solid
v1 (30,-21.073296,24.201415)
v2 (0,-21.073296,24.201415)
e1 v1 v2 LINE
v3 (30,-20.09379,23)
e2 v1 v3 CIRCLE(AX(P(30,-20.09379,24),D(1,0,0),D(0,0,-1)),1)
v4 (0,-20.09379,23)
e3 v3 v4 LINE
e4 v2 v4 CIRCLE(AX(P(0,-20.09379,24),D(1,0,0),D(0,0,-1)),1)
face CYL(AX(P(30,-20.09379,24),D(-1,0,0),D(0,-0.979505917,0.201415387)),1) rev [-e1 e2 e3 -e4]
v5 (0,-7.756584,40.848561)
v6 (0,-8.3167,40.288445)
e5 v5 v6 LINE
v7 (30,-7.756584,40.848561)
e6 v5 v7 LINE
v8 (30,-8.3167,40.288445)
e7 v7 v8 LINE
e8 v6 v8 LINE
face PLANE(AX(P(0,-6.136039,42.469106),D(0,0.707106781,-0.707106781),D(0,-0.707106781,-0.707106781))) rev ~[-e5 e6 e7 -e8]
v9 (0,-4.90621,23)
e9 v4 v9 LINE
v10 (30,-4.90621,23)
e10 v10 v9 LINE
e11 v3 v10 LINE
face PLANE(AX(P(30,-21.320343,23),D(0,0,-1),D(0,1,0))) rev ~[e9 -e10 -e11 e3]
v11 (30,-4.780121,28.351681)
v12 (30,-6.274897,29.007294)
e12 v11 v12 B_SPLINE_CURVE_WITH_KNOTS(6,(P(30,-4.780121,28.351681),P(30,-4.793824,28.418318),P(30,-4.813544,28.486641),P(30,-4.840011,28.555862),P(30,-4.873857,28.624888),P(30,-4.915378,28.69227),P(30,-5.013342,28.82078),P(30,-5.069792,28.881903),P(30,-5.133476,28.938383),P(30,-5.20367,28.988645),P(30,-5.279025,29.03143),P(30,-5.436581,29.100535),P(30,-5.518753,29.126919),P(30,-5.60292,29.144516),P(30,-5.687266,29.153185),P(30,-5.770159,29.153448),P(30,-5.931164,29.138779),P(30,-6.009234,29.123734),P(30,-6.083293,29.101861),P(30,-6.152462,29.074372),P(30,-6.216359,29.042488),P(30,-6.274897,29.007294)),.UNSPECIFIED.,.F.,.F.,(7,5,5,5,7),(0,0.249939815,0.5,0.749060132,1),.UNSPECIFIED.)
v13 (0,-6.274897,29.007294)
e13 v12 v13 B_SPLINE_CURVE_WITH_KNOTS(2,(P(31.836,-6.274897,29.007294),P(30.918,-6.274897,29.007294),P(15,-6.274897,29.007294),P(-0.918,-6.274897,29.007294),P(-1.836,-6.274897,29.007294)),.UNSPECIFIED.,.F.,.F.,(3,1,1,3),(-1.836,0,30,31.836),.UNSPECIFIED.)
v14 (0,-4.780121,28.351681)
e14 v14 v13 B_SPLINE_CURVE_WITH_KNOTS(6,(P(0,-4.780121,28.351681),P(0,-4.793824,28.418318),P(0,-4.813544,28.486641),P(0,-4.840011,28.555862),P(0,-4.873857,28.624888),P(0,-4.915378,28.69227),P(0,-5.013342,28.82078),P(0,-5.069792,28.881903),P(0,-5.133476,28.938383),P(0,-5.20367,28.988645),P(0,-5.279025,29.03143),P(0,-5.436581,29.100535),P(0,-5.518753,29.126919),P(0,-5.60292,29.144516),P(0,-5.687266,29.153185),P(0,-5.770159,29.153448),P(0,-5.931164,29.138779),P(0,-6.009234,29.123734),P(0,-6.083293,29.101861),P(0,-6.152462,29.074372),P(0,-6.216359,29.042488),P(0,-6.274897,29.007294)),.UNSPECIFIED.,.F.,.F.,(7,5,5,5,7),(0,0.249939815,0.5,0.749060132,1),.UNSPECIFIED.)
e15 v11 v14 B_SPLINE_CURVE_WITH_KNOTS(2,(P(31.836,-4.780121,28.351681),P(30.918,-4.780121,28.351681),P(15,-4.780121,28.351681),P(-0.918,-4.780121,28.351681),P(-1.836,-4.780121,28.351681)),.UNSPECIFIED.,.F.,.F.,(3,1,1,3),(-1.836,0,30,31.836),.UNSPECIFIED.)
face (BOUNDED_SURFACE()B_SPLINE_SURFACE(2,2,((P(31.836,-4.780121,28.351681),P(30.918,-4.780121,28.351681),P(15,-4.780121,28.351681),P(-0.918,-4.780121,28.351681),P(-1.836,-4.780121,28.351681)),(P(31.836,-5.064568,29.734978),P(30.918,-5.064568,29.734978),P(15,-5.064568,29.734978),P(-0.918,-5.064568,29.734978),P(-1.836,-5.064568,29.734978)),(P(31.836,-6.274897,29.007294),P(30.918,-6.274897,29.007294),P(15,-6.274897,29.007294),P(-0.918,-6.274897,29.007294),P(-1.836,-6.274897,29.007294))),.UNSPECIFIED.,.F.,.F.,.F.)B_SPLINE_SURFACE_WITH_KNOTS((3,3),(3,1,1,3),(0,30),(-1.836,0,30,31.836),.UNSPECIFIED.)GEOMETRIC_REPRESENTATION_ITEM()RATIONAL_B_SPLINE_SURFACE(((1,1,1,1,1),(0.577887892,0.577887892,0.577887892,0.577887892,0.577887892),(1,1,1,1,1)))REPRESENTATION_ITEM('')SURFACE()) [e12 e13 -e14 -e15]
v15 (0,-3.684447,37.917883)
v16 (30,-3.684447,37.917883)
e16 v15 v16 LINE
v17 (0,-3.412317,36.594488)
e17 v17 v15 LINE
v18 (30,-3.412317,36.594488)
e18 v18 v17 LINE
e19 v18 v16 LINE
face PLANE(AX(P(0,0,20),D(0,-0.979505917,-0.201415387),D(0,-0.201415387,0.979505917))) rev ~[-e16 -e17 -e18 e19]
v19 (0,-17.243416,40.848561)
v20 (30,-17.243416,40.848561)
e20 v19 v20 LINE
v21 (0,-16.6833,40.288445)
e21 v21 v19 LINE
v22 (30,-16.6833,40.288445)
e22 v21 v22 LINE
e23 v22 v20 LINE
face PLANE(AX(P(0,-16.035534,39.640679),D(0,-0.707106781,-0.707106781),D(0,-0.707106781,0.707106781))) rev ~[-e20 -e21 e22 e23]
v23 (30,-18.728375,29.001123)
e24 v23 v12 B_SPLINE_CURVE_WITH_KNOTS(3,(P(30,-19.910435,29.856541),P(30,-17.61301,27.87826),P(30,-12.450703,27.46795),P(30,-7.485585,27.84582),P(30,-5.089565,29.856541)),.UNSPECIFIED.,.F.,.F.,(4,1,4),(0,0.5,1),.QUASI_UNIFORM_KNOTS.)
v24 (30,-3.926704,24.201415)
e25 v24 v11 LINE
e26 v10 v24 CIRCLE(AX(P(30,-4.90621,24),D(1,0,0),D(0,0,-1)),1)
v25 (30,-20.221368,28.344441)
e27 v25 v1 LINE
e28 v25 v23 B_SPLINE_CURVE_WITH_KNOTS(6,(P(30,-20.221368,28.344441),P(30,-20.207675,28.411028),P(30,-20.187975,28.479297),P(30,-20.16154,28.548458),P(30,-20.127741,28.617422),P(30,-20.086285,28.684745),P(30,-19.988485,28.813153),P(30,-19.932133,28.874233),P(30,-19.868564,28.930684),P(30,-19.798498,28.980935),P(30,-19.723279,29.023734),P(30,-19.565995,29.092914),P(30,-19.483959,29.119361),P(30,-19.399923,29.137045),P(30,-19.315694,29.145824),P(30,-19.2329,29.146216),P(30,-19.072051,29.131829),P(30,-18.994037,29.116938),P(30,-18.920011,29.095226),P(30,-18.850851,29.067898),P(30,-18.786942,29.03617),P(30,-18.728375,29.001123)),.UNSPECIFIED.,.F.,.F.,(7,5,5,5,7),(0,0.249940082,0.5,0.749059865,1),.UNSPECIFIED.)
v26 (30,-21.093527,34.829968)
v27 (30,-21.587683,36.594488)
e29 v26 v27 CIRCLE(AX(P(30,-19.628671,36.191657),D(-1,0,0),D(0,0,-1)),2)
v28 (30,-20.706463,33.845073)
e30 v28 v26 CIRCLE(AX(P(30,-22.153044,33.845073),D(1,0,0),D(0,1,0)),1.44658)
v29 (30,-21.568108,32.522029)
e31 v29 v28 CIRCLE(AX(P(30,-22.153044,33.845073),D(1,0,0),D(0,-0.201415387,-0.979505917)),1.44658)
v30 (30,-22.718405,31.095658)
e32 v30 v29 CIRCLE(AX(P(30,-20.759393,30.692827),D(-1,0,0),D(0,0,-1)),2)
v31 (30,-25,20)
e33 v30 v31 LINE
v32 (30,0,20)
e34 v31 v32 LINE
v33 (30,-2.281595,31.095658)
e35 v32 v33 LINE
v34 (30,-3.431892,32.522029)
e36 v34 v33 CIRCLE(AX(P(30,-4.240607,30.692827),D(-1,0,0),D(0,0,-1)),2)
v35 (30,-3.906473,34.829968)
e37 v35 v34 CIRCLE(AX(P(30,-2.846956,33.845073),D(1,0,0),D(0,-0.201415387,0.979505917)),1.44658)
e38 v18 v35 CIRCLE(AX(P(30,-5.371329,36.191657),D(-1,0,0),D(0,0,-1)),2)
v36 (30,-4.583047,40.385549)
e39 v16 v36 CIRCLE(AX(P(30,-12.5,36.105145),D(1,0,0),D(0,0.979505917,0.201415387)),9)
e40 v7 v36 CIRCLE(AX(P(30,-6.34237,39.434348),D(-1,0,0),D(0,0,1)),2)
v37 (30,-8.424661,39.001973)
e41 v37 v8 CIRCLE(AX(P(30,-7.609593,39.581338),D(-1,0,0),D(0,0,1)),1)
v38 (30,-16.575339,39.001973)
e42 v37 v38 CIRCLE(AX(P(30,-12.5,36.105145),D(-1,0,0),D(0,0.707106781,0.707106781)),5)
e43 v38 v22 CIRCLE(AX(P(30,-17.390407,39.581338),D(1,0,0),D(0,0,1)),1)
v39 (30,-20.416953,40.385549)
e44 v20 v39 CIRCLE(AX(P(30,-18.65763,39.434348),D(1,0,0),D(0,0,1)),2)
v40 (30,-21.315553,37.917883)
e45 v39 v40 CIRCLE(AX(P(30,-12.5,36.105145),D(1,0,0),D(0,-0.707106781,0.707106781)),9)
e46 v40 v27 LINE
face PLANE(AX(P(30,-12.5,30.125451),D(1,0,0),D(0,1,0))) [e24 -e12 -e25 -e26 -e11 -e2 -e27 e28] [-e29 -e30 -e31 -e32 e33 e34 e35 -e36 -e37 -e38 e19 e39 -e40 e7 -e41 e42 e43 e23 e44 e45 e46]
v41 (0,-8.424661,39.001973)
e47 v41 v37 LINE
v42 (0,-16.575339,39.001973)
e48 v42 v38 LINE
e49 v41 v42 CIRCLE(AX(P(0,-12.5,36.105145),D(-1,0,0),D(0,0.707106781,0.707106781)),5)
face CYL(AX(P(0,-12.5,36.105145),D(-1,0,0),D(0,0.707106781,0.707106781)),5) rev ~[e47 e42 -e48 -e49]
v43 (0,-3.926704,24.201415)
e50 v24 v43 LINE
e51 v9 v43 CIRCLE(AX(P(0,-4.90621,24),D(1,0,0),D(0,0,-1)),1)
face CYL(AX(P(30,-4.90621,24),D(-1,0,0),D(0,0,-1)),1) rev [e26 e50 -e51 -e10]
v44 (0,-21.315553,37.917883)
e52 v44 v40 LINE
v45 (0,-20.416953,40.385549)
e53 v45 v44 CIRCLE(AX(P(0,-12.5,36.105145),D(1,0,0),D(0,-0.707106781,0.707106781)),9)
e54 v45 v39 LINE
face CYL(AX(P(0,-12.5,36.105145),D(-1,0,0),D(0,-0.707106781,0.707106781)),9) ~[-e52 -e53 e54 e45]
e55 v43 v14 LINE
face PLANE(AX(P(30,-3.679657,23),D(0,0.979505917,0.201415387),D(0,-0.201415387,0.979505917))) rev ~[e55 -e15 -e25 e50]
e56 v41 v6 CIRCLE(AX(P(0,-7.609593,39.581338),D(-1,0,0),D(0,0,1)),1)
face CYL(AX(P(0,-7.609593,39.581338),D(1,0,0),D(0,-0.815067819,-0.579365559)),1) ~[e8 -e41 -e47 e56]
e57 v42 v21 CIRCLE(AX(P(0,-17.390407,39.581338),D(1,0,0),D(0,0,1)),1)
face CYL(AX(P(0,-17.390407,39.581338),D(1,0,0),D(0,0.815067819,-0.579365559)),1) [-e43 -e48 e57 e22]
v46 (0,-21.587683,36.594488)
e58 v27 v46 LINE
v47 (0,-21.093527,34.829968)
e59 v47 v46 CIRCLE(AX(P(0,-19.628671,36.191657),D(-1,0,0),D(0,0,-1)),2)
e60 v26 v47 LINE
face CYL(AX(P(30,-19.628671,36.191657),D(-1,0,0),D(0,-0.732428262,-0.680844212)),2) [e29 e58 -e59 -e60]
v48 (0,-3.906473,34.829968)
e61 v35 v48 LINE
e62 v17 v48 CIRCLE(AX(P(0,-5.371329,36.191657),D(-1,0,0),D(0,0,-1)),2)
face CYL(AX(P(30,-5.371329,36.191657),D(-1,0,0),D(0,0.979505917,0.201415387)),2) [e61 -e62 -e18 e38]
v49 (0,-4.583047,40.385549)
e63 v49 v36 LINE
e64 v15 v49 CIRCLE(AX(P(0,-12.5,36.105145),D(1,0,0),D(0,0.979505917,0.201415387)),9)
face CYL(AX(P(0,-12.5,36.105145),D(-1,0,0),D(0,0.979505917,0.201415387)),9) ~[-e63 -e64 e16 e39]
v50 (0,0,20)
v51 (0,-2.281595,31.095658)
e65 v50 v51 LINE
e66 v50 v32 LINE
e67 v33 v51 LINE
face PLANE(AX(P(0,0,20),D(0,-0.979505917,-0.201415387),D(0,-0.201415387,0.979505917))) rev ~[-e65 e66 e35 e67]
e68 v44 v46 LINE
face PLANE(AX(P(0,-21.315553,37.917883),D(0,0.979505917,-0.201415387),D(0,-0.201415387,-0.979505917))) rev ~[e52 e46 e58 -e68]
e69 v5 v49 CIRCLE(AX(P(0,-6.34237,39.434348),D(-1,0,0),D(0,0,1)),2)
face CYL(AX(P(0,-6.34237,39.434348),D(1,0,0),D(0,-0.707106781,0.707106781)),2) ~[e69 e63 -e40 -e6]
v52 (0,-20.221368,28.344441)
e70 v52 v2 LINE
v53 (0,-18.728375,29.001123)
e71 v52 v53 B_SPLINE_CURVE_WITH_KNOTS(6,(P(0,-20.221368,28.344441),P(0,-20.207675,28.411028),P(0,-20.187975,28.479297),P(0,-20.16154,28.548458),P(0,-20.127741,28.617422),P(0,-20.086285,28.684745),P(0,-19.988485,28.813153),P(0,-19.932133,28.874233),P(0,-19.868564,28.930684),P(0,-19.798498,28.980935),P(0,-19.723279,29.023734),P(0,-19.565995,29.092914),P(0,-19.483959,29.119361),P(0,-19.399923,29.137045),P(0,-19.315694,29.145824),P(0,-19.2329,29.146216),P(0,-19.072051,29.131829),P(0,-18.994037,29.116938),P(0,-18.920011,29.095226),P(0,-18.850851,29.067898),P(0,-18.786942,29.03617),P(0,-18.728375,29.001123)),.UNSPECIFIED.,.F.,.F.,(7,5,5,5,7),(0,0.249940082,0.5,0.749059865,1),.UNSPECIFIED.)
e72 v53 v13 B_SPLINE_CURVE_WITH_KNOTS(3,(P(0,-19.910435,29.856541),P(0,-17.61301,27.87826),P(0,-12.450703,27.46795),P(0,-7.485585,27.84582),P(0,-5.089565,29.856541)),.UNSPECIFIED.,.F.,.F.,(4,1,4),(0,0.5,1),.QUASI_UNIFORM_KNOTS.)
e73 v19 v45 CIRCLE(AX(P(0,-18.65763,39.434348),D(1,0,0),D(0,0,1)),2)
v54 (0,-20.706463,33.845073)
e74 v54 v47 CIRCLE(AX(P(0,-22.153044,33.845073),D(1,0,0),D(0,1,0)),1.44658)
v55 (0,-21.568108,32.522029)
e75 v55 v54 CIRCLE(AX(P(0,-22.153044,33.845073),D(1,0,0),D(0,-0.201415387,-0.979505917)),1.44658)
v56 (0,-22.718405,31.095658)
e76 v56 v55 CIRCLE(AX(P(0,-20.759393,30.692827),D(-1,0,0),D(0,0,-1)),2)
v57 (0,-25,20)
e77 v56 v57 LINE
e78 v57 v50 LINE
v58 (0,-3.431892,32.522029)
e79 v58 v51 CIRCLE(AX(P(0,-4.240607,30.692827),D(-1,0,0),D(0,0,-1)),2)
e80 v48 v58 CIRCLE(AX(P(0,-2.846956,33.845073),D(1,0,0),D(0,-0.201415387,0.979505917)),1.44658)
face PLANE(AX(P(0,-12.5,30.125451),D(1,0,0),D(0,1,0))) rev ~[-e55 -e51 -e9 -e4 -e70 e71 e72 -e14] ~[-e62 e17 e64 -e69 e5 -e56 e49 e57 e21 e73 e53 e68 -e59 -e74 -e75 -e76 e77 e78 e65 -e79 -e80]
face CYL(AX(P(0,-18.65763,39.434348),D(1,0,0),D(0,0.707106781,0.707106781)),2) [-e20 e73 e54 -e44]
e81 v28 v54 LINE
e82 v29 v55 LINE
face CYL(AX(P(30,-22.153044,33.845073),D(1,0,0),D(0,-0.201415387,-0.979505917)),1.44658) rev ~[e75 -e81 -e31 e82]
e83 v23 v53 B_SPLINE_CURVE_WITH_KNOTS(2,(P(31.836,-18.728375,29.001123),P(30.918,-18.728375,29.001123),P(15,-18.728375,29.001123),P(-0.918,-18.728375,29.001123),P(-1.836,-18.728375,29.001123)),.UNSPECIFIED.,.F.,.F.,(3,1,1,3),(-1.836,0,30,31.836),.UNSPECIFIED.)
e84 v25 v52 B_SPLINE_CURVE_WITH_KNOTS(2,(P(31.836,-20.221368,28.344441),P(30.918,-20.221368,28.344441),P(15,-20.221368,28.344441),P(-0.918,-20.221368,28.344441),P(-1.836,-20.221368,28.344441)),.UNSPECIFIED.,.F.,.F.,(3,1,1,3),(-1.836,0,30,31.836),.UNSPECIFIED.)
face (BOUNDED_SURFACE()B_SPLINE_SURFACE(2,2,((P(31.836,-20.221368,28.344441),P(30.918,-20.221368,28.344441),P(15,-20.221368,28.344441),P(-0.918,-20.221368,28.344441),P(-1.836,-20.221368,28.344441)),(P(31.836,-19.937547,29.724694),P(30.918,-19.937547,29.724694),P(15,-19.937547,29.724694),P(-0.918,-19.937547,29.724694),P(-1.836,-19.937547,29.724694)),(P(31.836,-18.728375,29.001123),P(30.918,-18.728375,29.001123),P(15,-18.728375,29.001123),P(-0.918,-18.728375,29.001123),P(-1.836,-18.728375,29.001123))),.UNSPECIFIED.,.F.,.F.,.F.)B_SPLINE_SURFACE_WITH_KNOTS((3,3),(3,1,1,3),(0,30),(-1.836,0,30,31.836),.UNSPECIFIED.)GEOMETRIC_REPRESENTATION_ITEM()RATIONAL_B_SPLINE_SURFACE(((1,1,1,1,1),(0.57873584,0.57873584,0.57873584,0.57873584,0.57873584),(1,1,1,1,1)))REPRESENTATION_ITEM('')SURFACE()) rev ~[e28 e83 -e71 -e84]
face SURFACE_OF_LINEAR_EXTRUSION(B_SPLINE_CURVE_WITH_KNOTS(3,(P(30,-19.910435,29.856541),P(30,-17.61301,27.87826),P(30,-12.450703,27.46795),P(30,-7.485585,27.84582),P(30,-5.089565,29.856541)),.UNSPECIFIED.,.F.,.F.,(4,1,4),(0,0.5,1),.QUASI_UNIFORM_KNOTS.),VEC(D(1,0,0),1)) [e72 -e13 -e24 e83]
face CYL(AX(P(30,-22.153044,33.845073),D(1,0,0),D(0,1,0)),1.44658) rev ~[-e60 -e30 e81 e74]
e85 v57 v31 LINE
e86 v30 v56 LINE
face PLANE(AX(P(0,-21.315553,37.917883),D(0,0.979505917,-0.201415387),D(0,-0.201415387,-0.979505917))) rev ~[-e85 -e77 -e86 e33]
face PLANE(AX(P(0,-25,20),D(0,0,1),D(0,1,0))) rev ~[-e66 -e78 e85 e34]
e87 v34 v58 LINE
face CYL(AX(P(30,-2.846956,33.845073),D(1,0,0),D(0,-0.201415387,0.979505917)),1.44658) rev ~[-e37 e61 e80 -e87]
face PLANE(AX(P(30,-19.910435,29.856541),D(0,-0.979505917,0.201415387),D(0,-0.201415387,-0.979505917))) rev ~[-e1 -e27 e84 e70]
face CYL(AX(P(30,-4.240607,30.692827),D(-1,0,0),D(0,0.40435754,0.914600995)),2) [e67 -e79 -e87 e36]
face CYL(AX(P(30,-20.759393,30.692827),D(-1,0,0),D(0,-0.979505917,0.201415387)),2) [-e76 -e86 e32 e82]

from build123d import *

# Parameters (mm, degrees)
F1_DEPTH = 30
F2_R     = 1
F3_R     = 2
F5_DEPTH = 30
F6_R     = 1
F8_DEPTH = 30
F9_R     = 2


with BuildPart() as f1:
    # F0 (on Right) → F1 (new body)
    with BuildSketch(Plane.YZ):
        with BuildLine():
            ThreePointArc((-8.9644660941, 39.6406786749), (-12.5, 31.105144769), (-16.0355339059, 39.6406786749))
            Line((-16.0355339059, 39.6406786749), (-18.8639610307, 42.4691057996))
            ThreePointArc((-18.8639610307, 42.4691057996), (-20.4235610781, 40.373303604), (-21.3155532551, 37.9178832515))
            Line((-21.3155532551, 37.9178832515), (-25, 20))
            Line((-25, 20), (0, 20))
            Line((0, 20), (-3.6844467449, 37.9178832515))
            ThreePointArc((-3.6844467449, 37.9178832515), (-4.5764389219, 40.373303604), (-6.1360389693, 42.4691057996))
            Line((-6.1360389693, 42.4691057996), (-8.9644660941, 39.6406786749))
        make_face()
    extrude(amount=F1_DEPTH)

    # F2
    f2_edges = [f1.edges().sort_by_distance(p)[0] for p in [
        (15, -8.964466, 39.640679),
        (15, -16.035534, 39.640679),
    ]]
    fillet(f2_edges, radius=F2_R)

    # F3
    f3_edges = [f1.edges().sort_by_distance(p)[0] for p in [
        (15, -6.136039, 42.469106),
        (15, -18.863961, 42.469106),
    ]]
    fillet(f3_edges, radius=F3_R)

    # F4 (on face) → F5 (cut, through all)
    with BuildSketch(Plane.YZ.offset(30)):
        with BuildLine():
            Line((-19.910434928, 29.8565414207), (-21.3203426366, 23))
            Line((-21.3203426366, 23), (-3.6796573634, 23))
            Line((-3.6796573634, 23), (-5.089565072, 29.8565414207))
            add(Edge.make_bspline(
                [(-19.910434928, 29.8565414207), (-17.6130099069, 27.8782596362), (-12.4507025539, 27.4679496916), (-7.4855849853, 27.8458202643), (-5.089565072, 29.8565414207)],
                knots=[0, 0, 0, 0, 0.5, 1, 1, 1, 1], degree=3))
        make_face()
    extrude(amount=-F5_DEPTH, mode=Mode.SUBTRACT)

    # F6
    f6_edges = [f1.edges().sort_by_distance(p)[0] for p in [
        (15, -21.320343, 23),
        (15, -19.910435, 29.856541),
        (15, -3.679657, 23),
        (15, -5.089565, 29.856541),
    ]]
    fillet(f6_edges, radius=F6_R)

    # F7 (on face) → F8 (cut, through all)
    with BuildSketch(Plane.YZ.offset(30)):
        with BuildLine():
            ThreePointArc((-3.1383199654, 35.2620066566), (-4.2638904774, 33.5537090418), (-2.5555928626, 32.4281385298))
            Line((-2.5555928626, 32.4281385298), (-3.1383199654, 35.2620066566))
        make_face()
        with BuildLine():
            ThreePointArc((-22.4444071374, 32.4281385298), (-21.2389555005, 32.7238956084), (-20.7064631841, 33.8450725932))
            ThreePointArc((-20.7064631841, 33.8450725932), (-21.0318666012, 34.7591606787), (-21.8616800346, 35.2620066566))
            Line((-21.8616800346, 35.2620066566), (-22.4444071374, 32.4281385298))
        make_face()
    extrude(amount=-F8_DEPTH, mode=Mode.SUBTRACT)

    # F9
    f9_edges = [f1.edges().sort_by_distance(p)[0] for p in [
        (15, -21.86168, 35.262007),
        (15, -22.444407, 32.428139),
        (15, -3.13832, 35.262007),
        (15, -2.555593, 32.428139),
    ]]
    fillet(f9_edges, radius=F9_R)


solid = f1.part
